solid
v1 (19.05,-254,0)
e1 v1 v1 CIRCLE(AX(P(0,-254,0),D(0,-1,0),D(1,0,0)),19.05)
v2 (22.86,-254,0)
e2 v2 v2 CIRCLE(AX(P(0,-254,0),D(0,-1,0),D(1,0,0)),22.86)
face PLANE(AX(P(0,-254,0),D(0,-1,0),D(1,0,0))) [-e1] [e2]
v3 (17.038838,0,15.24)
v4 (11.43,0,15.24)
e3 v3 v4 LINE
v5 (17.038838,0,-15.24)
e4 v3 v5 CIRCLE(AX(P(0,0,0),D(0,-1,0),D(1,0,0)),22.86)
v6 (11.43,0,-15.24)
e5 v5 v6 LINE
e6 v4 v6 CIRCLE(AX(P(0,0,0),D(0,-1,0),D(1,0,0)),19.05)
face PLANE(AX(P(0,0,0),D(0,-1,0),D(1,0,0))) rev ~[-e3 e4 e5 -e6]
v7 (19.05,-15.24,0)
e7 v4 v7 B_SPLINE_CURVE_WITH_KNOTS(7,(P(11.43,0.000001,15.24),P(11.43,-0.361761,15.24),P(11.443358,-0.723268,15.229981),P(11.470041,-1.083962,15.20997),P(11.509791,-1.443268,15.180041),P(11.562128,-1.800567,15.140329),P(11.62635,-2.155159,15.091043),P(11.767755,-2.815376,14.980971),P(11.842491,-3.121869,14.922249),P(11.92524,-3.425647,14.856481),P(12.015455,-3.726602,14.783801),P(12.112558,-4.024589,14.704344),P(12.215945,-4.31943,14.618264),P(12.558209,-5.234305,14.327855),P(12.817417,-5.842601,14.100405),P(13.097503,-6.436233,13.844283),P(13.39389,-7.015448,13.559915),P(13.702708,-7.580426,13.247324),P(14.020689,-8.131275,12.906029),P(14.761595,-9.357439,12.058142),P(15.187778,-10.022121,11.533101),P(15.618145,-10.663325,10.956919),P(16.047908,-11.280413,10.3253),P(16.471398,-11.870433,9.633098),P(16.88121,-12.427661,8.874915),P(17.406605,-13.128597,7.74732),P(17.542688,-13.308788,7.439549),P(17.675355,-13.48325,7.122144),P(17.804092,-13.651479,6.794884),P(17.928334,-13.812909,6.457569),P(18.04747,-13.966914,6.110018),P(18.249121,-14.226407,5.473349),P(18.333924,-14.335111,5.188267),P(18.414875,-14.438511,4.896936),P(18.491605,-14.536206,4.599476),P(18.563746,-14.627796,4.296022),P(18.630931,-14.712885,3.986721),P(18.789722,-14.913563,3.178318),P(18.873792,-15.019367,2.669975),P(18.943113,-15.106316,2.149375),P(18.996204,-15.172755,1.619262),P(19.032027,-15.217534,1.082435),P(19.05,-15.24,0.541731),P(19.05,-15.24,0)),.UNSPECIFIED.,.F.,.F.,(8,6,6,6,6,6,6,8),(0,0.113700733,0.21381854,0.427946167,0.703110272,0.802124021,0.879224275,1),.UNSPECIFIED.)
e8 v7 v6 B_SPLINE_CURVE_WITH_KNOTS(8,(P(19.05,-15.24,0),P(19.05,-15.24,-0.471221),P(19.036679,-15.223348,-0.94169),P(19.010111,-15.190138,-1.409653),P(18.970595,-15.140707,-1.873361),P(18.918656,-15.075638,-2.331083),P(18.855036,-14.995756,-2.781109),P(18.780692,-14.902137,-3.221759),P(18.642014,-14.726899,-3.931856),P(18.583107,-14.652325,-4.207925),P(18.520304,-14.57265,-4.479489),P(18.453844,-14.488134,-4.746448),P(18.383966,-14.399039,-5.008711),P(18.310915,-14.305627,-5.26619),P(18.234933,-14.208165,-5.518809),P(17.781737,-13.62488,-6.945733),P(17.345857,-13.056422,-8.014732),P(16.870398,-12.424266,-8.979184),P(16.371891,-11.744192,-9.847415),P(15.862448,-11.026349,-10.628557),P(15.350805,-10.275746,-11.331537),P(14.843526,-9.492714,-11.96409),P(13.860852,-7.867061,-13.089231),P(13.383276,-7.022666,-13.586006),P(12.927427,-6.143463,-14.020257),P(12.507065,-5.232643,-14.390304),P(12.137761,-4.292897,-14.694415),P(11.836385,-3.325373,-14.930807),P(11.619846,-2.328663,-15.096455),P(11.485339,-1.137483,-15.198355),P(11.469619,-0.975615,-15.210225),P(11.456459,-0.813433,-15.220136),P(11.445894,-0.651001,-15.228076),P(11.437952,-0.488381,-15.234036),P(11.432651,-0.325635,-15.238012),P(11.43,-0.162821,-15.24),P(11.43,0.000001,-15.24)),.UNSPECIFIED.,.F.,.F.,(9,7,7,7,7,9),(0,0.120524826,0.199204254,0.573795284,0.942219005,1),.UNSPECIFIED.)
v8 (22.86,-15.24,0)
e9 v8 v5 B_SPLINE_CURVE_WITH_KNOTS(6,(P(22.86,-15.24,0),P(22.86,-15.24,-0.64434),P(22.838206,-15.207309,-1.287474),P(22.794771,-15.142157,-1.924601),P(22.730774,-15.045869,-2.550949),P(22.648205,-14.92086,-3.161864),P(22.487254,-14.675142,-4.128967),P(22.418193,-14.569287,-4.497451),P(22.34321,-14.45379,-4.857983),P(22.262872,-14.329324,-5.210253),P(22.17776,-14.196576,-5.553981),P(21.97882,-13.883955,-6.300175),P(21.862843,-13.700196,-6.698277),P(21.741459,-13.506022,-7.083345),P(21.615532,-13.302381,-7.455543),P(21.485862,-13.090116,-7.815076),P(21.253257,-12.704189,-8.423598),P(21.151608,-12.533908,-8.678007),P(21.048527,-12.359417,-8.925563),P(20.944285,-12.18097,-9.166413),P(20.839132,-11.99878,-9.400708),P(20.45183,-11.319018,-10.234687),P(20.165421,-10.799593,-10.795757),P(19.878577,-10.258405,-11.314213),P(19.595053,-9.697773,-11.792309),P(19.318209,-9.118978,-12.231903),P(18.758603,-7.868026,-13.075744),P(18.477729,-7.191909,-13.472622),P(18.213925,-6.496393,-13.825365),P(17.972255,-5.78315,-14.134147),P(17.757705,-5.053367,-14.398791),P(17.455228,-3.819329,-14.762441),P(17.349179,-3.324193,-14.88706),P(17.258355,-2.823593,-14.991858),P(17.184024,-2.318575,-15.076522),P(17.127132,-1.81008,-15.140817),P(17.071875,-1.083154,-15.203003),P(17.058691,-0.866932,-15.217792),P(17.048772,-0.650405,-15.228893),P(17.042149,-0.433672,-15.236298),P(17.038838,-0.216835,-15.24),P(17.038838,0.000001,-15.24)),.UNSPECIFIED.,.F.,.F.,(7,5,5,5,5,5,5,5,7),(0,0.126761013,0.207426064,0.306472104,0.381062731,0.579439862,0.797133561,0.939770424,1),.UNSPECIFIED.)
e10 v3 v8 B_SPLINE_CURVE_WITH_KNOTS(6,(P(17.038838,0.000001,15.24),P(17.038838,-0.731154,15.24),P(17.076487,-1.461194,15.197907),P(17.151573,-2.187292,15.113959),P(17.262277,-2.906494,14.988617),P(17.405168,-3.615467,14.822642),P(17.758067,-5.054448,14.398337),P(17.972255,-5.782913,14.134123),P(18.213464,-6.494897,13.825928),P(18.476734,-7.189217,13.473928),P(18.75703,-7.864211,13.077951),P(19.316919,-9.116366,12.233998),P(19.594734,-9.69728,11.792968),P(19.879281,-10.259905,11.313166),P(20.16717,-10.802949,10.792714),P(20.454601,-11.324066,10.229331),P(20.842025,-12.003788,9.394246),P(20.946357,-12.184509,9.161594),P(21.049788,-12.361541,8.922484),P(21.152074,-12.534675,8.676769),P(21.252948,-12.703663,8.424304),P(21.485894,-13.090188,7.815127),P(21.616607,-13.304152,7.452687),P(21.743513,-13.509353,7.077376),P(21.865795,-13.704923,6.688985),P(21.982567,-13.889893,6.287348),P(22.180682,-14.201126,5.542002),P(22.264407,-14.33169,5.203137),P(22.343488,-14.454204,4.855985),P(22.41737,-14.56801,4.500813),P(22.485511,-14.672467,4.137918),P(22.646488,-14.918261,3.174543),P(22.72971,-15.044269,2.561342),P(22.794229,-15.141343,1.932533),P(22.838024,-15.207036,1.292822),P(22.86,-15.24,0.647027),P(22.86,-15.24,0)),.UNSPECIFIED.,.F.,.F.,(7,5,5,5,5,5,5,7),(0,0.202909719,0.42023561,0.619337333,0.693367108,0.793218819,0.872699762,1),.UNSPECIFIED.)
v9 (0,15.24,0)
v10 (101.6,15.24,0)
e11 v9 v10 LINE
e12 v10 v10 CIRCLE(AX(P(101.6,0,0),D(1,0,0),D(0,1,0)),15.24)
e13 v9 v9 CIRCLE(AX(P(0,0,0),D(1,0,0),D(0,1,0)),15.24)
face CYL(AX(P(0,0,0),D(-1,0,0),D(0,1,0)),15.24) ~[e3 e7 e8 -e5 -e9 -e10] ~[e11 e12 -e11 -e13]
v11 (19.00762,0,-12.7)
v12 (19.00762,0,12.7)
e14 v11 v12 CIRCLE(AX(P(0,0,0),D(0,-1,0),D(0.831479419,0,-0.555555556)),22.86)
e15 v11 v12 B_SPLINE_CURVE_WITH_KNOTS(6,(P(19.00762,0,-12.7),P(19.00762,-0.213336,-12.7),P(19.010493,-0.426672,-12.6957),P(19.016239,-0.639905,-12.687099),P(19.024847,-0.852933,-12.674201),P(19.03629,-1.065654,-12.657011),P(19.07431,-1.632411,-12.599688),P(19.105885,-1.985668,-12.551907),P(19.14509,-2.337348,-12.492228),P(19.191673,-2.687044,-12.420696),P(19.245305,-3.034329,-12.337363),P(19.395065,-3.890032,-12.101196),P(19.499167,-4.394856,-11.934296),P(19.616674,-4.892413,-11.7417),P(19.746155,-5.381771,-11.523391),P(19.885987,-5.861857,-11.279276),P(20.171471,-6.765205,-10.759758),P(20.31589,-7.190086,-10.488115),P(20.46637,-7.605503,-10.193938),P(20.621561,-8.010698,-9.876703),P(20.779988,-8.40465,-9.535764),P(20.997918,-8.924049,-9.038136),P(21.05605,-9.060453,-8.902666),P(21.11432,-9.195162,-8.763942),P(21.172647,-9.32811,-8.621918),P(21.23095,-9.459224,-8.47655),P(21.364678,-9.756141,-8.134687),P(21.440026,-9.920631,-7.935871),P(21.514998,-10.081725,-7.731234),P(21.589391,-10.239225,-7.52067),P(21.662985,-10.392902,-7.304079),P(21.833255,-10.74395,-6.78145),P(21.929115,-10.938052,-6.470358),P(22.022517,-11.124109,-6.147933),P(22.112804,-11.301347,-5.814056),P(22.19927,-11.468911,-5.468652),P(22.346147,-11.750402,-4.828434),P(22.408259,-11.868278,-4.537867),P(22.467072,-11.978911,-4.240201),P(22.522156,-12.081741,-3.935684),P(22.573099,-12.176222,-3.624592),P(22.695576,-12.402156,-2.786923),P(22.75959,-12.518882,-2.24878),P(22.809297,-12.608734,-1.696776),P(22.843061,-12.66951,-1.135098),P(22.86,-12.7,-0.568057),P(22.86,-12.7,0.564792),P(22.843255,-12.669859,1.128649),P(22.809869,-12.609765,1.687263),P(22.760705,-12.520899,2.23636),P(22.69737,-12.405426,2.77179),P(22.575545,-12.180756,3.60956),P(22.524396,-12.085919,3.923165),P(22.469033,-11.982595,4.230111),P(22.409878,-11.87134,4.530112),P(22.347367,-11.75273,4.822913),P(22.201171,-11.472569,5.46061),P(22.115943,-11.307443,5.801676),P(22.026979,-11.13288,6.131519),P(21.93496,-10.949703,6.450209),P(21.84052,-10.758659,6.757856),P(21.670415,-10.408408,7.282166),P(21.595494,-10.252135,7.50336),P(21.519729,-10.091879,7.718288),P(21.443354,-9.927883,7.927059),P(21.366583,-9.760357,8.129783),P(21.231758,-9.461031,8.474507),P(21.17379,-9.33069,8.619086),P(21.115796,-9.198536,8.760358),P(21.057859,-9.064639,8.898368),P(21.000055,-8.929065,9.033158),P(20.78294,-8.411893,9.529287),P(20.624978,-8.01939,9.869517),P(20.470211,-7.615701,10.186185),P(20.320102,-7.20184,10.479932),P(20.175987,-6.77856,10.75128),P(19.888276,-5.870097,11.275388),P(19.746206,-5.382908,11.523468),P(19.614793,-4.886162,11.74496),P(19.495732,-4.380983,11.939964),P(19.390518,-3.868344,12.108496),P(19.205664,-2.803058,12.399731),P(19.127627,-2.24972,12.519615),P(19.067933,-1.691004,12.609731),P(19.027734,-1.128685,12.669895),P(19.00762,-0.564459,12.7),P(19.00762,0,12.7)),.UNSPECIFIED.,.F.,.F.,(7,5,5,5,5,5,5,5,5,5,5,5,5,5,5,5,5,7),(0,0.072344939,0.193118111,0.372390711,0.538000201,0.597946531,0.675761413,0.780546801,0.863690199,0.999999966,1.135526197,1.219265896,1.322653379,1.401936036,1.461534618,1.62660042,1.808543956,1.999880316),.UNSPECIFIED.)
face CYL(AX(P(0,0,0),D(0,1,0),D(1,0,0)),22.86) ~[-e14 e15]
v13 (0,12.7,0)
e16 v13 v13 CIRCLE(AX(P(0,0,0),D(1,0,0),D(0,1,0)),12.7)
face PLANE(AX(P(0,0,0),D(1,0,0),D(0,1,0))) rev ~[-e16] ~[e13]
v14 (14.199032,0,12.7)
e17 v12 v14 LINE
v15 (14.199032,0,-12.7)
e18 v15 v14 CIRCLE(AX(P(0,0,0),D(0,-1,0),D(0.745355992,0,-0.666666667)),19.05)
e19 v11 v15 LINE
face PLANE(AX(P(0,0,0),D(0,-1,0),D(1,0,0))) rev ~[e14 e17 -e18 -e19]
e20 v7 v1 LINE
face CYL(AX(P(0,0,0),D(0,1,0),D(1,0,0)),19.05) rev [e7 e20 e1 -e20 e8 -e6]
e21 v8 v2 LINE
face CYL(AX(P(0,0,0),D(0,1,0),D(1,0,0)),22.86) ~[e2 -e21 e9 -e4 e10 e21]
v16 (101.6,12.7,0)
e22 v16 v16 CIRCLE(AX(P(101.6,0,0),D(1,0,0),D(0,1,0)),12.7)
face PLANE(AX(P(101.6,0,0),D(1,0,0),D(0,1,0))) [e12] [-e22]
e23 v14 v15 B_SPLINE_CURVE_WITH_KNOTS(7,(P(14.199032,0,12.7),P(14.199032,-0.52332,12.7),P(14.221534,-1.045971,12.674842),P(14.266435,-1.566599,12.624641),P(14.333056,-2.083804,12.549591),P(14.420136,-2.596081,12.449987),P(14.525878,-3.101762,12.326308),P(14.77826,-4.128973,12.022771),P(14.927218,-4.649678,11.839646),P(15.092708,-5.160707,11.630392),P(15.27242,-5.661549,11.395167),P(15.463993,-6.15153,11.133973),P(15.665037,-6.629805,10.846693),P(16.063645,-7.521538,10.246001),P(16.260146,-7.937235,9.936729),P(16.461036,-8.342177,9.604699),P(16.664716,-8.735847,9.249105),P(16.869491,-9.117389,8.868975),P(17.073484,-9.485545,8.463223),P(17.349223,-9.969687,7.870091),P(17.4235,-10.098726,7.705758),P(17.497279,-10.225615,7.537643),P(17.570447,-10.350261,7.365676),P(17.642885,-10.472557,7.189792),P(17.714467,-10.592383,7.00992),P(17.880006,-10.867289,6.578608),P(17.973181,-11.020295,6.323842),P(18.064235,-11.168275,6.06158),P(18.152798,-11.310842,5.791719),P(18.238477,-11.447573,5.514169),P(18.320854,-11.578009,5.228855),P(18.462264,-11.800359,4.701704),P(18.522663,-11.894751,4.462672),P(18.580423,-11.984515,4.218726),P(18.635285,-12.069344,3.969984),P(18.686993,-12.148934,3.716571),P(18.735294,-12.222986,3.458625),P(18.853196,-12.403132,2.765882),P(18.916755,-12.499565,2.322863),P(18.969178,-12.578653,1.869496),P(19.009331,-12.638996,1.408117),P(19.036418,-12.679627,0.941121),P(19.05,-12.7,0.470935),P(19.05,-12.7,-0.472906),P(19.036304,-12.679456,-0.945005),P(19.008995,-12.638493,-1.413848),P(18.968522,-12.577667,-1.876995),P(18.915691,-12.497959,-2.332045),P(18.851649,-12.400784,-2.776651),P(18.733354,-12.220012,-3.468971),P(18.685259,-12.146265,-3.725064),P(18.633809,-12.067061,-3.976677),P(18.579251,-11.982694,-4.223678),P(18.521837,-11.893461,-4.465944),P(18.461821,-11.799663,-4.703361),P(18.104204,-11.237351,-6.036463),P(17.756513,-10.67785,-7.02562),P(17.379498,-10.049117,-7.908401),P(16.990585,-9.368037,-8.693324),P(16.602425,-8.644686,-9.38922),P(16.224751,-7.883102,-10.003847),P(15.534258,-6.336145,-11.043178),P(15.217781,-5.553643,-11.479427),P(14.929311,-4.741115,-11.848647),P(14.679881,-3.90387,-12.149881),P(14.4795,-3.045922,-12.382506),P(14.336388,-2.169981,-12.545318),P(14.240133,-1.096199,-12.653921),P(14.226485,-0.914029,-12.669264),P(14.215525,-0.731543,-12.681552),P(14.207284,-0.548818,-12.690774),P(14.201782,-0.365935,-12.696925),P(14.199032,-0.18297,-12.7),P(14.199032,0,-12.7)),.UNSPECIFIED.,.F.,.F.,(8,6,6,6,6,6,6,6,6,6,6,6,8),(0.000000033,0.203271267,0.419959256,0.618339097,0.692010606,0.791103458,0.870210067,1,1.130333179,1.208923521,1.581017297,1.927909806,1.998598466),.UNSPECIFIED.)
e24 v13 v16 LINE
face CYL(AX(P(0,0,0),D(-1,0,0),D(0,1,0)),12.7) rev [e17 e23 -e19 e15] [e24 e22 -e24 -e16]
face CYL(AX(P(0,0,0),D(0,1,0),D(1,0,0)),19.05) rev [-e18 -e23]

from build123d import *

# Parameters (mm, degrees)
F0_R     = 22.86
F0_R_2   = 19.05
F1_DEPTH = 254
F2_R     = 15.24
F2_R_2   = 12.7
F3_DEPTH = 101.6


with BuildPart() as f1:
    # F0 (on Front) → F1 (new body)
    with BuildSketch(Plane.XZ):
        Circle(F0_R)
        Circle(F0_R_2, mode=Mode.SUBTRACT)
    extrude(amount=F1_DEPTH)

    # F2 (on Right) → F3 (join)
    with BuildSketch(Plane.YZ):
        Circle(F2_R)
        Circle(F2_R_2, mode=Mode.SUBTRACT)
    extrude(amount=F3_DEPTH)


solid = f1.part
